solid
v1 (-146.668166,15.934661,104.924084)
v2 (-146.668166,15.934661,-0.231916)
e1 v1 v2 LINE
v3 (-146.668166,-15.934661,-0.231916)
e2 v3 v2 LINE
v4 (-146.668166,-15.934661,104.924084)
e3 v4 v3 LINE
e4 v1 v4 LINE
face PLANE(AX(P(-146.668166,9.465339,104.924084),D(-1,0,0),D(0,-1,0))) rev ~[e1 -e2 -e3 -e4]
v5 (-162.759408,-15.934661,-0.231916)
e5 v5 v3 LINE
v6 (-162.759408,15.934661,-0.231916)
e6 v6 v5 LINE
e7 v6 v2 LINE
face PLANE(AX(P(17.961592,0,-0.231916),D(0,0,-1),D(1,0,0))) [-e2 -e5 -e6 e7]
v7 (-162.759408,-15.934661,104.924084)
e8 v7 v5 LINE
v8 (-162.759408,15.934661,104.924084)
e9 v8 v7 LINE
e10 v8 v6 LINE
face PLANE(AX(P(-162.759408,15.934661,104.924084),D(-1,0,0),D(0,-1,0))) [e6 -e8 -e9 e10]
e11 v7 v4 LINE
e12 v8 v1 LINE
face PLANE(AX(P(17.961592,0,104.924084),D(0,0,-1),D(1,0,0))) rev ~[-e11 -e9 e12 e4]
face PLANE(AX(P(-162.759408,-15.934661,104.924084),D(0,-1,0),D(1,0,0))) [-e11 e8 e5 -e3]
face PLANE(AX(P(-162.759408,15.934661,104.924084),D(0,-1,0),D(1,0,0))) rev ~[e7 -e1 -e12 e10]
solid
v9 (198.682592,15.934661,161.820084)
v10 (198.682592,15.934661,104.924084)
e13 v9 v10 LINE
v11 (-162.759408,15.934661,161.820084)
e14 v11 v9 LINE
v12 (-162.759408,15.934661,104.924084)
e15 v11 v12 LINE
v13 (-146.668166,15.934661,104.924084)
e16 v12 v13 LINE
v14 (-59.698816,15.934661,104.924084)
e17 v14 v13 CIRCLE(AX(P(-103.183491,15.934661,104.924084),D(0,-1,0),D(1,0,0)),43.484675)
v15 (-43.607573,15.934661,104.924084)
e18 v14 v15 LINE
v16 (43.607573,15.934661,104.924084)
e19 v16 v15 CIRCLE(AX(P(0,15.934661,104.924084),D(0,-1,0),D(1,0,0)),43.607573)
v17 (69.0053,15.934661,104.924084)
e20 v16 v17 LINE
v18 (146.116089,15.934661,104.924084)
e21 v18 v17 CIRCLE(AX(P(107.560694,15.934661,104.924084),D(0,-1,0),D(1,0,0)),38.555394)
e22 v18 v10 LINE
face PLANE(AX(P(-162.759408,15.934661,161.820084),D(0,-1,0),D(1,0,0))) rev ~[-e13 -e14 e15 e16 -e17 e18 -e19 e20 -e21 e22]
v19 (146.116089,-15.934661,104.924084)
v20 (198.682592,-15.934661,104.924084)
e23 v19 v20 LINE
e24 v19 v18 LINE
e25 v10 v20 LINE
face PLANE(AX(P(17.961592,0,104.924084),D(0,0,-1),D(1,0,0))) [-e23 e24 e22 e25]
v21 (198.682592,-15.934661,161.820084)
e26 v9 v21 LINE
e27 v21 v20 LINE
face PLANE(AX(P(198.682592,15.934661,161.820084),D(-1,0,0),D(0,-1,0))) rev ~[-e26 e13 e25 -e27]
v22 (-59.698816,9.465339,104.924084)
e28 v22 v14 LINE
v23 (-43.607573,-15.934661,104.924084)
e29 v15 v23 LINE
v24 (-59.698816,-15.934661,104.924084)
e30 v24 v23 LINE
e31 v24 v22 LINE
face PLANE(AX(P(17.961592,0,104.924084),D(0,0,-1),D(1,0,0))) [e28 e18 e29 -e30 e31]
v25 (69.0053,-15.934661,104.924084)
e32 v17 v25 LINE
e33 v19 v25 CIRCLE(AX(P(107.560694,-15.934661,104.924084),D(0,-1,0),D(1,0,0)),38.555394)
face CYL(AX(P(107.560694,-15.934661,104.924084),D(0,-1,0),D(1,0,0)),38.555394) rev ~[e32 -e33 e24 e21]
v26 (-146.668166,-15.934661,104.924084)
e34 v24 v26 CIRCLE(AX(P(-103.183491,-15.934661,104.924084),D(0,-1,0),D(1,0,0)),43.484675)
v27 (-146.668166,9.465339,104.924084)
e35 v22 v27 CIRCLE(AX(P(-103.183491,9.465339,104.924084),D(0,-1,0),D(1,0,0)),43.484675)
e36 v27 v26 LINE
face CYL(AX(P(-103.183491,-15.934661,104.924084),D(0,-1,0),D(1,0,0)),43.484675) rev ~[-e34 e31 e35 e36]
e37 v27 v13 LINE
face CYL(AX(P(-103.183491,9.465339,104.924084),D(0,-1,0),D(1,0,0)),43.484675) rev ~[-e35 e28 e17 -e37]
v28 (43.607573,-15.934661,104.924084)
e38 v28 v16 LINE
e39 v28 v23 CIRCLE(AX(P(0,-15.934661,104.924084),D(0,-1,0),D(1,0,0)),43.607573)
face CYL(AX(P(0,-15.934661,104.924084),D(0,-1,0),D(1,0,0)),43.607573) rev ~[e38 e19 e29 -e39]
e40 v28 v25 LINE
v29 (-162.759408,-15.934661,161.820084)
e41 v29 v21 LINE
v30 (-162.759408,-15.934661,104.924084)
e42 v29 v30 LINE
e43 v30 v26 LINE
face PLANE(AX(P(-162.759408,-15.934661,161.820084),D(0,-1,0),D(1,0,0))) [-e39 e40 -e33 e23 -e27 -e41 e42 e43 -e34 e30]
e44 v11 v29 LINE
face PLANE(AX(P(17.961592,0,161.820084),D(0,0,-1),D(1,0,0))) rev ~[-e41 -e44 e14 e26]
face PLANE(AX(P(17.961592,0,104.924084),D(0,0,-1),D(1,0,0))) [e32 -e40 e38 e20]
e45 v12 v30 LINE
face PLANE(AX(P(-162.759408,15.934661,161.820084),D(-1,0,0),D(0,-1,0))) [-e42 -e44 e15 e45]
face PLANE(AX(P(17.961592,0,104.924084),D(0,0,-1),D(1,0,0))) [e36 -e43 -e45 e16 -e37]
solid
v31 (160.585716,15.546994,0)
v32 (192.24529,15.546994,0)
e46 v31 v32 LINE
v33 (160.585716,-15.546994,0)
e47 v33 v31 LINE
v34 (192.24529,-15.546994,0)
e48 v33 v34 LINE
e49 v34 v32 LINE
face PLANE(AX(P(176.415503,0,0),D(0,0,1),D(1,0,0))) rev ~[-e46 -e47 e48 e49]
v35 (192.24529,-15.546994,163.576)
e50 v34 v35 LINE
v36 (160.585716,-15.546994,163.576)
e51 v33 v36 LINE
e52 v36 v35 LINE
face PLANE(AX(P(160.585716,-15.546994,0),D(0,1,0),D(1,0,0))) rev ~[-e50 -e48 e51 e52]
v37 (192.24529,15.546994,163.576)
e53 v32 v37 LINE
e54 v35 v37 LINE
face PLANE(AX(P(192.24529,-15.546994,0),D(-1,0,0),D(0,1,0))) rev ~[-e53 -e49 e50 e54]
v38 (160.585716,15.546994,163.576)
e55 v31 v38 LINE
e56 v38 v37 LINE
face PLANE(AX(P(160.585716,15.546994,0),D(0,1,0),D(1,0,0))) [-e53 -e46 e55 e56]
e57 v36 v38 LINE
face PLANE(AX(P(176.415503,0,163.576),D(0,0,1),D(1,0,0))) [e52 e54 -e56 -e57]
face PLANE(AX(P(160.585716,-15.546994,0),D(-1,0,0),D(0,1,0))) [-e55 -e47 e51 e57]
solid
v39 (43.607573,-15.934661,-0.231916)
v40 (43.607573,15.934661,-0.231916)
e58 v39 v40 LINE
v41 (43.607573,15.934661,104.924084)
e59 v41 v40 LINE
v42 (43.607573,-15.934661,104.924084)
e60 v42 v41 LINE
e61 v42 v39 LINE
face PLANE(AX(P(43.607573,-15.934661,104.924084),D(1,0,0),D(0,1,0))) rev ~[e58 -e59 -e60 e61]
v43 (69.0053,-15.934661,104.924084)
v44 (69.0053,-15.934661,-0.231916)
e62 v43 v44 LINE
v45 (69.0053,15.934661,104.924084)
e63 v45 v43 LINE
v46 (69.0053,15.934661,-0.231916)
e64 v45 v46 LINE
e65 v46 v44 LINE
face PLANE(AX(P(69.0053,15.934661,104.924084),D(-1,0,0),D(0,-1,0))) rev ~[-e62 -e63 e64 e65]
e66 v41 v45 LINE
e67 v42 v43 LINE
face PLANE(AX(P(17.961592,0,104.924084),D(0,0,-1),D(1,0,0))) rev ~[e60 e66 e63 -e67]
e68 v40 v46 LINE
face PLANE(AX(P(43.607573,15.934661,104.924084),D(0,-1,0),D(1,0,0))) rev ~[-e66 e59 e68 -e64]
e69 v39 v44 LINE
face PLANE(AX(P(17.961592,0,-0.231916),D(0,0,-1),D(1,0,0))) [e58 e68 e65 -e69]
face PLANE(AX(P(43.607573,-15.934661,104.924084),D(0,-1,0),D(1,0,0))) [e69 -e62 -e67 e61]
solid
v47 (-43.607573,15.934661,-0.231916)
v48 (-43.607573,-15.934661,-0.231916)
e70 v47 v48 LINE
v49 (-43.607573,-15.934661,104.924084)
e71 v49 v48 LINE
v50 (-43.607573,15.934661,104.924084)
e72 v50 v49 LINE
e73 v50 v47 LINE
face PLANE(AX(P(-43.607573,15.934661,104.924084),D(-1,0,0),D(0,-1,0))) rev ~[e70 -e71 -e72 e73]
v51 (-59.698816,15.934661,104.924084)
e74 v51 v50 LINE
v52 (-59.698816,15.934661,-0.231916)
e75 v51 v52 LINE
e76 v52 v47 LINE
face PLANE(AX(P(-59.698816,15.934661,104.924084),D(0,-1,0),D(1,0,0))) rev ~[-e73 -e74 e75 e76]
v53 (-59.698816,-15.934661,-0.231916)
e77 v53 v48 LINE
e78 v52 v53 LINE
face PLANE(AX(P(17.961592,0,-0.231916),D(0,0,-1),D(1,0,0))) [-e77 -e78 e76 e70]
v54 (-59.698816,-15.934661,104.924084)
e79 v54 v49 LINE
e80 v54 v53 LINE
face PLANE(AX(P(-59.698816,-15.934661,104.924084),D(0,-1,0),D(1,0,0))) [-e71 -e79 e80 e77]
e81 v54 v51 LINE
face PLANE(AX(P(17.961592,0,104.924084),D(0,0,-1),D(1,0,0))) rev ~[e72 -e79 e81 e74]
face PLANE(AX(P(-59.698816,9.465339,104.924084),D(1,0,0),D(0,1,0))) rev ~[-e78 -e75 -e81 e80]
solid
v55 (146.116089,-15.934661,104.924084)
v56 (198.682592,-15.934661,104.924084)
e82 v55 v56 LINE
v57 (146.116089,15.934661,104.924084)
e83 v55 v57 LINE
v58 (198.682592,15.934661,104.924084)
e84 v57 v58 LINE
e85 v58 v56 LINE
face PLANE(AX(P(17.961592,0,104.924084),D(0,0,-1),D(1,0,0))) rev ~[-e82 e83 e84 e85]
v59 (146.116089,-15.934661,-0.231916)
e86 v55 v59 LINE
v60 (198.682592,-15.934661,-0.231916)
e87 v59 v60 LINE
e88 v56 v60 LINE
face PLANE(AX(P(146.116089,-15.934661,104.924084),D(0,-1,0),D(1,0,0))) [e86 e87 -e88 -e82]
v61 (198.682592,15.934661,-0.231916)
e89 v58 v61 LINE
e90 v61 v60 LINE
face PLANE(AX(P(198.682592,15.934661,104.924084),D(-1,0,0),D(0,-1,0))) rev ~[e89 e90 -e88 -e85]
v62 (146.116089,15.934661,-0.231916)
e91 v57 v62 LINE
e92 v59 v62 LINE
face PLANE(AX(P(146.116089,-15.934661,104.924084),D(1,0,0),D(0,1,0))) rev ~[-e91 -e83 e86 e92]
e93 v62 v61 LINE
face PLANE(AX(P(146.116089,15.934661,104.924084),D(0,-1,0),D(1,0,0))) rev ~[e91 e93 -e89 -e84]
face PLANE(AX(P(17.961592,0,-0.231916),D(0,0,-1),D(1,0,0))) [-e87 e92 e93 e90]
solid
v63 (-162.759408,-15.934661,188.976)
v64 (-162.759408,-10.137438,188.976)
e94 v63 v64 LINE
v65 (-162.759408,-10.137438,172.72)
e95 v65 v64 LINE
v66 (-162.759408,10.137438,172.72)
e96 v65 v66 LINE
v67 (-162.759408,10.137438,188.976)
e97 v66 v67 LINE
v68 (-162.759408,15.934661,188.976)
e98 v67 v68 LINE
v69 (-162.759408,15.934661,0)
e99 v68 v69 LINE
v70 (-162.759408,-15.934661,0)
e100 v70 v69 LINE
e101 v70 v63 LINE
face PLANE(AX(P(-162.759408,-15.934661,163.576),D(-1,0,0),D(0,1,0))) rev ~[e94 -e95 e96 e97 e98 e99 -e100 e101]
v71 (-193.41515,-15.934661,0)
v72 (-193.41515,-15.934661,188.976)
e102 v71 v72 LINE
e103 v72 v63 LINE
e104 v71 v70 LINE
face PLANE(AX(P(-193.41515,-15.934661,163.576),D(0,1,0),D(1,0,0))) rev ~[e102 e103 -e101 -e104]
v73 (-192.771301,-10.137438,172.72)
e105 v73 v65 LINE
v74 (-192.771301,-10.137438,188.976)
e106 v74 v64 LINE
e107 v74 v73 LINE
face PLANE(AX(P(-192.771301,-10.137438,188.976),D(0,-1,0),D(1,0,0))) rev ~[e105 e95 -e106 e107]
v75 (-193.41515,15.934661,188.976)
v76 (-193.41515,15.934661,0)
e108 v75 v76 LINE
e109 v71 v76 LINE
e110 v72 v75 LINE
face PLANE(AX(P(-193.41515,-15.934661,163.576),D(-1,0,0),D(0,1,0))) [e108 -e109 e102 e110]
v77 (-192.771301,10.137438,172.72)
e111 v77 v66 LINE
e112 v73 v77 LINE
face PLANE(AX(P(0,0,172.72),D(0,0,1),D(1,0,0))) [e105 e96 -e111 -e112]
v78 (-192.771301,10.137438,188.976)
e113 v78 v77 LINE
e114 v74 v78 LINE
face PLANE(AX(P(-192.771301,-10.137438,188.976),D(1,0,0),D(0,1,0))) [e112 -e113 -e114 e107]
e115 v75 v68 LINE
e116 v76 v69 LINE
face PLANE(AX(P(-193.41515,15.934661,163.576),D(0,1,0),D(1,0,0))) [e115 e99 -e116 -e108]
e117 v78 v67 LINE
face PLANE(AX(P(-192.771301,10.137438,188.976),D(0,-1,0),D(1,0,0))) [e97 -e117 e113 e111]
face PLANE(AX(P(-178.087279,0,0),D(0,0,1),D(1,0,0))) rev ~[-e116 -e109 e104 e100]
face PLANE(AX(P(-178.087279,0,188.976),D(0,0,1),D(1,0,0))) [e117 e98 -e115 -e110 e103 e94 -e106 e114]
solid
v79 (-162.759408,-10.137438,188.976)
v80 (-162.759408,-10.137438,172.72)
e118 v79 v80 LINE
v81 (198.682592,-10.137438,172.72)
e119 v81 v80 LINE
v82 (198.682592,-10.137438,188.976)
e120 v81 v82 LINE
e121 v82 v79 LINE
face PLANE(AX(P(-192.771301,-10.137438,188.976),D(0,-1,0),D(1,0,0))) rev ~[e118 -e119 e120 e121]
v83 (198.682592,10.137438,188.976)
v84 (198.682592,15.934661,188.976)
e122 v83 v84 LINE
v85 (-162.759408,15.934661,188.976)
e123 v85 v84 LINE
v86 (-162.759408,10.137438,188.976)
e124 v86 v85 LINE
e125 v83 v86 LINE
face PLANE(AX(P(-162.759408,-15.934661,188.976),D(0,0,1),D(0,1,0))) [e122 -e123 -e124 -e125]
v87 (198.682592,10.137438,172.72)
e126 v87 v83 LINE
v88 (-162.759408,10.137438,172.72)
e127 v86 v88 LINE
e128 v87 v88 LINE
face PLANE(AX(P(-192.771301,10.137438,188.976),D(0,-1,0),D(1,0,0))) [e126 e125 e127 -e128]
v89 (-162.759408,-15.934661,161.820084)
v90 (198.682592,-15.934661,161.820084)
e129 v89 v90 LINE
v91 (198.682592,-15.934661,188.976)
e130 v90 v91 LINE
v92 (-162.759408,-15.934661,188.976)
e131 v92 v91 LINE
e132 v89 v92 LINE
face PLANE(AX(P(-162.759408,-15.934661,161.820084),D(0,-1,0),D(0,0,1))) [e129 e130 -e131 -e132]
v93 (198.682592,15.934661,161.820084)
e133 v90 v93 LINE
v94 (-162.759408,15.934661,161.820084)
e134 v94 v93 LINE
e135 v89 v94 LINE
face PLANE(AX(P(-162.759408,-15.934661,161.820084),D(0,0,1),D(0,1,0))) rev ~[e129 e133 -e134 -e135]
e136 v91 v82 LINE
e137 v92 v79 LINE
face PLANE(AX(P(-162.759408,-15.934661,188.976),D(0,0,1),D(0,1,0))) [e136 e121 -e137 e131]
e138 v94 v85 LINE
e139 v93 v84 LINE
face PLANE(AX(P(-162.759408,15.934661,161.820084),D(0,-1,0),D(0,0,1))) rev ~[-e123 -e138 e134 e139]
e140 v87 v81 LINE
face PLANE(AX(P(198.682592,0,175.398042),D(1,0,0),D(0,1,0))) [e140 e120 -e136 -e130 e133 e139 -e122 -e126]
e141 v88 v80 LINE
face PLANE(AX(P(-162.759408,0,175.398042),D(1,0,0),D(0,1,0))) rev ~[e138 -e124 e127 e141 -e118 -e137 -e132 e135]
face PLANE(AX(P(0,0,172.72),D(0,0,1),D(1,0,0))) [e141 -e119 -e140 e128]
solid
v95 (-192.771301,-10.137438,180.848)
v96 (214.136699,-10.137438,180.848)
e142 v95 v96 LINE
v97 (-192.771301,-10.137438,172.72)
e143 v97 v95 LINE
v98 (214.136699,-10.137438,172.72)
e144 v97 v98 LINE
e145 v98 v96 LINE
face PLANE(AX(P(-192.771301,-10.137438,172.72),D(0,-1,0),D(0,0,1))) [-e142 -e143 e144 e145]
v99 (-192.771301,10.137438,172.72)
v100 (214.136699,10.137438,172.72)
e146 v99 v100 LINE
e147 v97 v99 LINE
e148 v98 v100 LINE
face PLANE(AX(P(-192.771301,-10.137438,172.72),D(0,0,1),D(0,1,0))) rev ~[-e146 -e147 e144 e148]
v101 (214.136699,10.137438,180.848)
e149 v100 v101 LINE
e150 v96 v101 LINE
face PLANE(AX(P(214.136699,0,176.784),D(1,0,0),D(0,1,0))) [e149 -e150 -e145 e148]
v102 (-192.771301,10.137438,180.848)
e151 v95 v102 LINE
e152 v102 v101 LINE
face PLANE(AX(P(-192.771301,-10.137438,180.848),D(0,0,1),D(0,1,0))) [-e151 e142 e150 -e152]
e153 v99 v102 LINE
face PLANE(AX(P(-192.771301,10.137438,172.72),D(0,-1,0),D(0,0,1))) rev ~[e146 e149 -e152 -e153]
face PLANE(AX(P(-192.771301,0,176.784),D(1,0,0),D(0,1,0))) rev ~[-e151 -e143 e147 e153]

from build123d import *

# Parameters (mm, degrees)
F0_W      = 31.6595733166
F0_H      = 31.0939885676
F1_DEPTH  = 163.576
F0_W_2    = 30.6557416916
F0_H_2    = 31.8693220615
F2_DEPTH  = 25.4
F3_W      = 30.6557416916
F3_H      = 31.8693220615
F4_DEPTH  = 25.4
F5_W      = 31.8693220615
F5_H      = 27.1559161434
F6_DEPTH  = 361.442
F7_W      = 385.542601347
F7_H      = 20.2748756856
F8_DEPTH  = 16.256
F9_DEPTH  = 75.438
F10_W     = 361.442
F10_H     = 31.8693220615
F11_DEPTH = 56.896
F12_R     = 43.6075733788
F13_DEPTH = 114.046
F14_R     = 43.4846750127
F15_DEPTH = 25.4
F16_DEPTH = 183.134
F17_R     = 38.5553943077
F18_DEPTH = 45.974
F19_DEPTH = 105.156
F20_W     = 20.2748756856
F20_H     = 8.128
F21_DEPTH = 406.908


with BuildPart() as f1:
    # F0 (on Top) → F1 (new body)
    with BuildSketch(Plane.XY):
        with Locations((176.4155030251, 0)):
            Rectangle(F0_W, F0_H)
    extrude(amount=F1_DEPTH)


with BuildPart() as f1b:
    # F0 (on Top) → F1, piece 2 (new body)
    with BuildSketch(Plane.XY):
        with Locations((-178.0872792006, 0)):
            Rectangle(F0_W_2, F0_H_2)
    extrude(amount=F1_DEPTH)

    # F2 (add): a face of the model
    f2_faces = [f1b.faces().sort_by_distance(p)[0] for p in [
        (-178.0872792006, 0, 163.576),
    ]]
    extrude(f2_faces, amount=F2_DEPTH)

    # F3 (on face) → F4 (join)
    with BuildSketch(Plane.XY.offset(188.976)):
        with Locations((-178.0872792006, 0)):
            Rectangle(F3_W, F3_H)
    extrude(amount=-F4_DEPTH)


with BuildPart() as f6:
    # F5 (on face) → F6 (new body)
    with BuildSketch(Plane.YZ.offset(-162.7594083548)):
        with Locations((0, 175.3980419283)):
            Rectangle(F5_W, F5_H)
    extrude(amount=F6_DEPTH)


with BuildPart() as f8_tool:
    # F7 (on face) → F8 (new body)
    with BuildSketch(Plane.XY.offset(188.976)):
        Rectangle(F7_W, F7_H)
    extrude(amount=-F8_DEPTH)


with BuildPart() as f1b_1:
    add(f1b.part)

    # F8: cut by f8_tool
    add(f8_tool.part, mode=Mode.SUBTRACT)


with BuildPart() as f6_1:
    add(f6.part)

    # F8: cut by f8_tool
    add(f8_tool.part, mode=Mode.SUBTRACT)

    # F9 (cut): a face of the model
    f9_faces = [f6_1.faces().sort_by_distance(p)[0] for p in [
        (192.7713006735, 0, 180.848),
    ]]
    extrude(f9_faces, amount=-F9_DEPTH, mode=Mode.SUBTRACT)


with BuildPart() as f11:
    # F10 (on face) → F11 (new body)
    with BuildSketch(Plane(origin=(0, 0, 161.8200838566), x_dir=(1, 0, 0), z_dir=(0, 0, -1))):
        with Locations((17.9615916452, 0)):
            Rectangle(F10_W, F10_H)
    extrude(amount=F11_DEPTH)

    # F12 (on face) → F13 (cut)
    with BuildSketch(Plane.XZ.offset(15.9346610308)):
        with Locations((0, 104.9240838566)):
            Circle(F12_R)
    extrude(amount=-F13_DEPTH, mode=Mode.SUBTRACT)

    # F14 (on face) → F15 (cut)
    with BuildSketch(Plane.XZ.offset(15.9346610308)):
        with Locations((-103.1834908668, 104.9240838566)):
            Circle(F14_R)
    extrude(amount=-F15_DEPTH, mode=Mode.SUBTRACT)

    # F16 (cut): a face of the model
    f16_faces = [f11.faces().sort_by_distance(p)[0] for p in [
        (-103.1834908668, 9.4653389692, 123.3795531286),
    ]]
    extrude(f16_faces, amount=-F16_DEPTH, mode=Mode.SUBTRACT)

    # F17 (on face) → F18 (cut)
    with BuildSketch(Plane.XZ.offset(15.9346610308)):
        with Locations((107.5606942177, 104.9240838566)):
            Circle(F17_R)
    extrude(amount=-F18_DEPTH, mode=Mode.SUBTRACT)


with BuildPart() as f19:
    # F19 (new): a face of the model
    f19_faces = [f11.part.faces().sort_by_distance(p)[0] for p in [
        (-51.6531946164, 0, 104.9240838566),
    ]]
    extrude(f19_faces, amount=F19_DEPTH)


with BuildPart() as f19b:
    # F19#2 (new): a face of the model
    f19_2_faces = [f11.part.faces().sort_by_distance(p)[0] for p in [
        (56.3064366444, 0, 104.9240838566),
    ]]
    extrude(f19_2_faces, amount=F19_DEPTH)


with BuildPart() as f19c:
    # F19#3 (new): a face of the model
    f19_3_faces = [f11.part.faces().sort_by_distance(p)[0] for p in [
        (-154.7137871171, 0, 104.9240838566),
    ]]
    extrude(f19_3_faces, amount=F19_DEPTH)


with BuildPart() as f19d:
    # F19#4 (new): a face of the model
    f19_4_faces = [f11.part.faces().sort_by_distance(p)[0] for p in [
        (172.3993400853, 0, 104.9240838566),
    ]]
    extrude(f19_4_faces, amount=F19_DEPTH)


with BuildPart() as f21:
    # F20 (on face) → F21 (new body)
    with BuildSketch(Plane.YZ.offset(-192.7713006735)):
        with Locations((0, 176.784)):
            Rectangle(F20_W, F20_H)
    extrude(amount=F21_DEPTH)


solid = Compound([f1.part, f1b_1.part, f6_1.part, f11.part, f19.part, f19b.part, f19c.part, f19d.part, f21.part])
